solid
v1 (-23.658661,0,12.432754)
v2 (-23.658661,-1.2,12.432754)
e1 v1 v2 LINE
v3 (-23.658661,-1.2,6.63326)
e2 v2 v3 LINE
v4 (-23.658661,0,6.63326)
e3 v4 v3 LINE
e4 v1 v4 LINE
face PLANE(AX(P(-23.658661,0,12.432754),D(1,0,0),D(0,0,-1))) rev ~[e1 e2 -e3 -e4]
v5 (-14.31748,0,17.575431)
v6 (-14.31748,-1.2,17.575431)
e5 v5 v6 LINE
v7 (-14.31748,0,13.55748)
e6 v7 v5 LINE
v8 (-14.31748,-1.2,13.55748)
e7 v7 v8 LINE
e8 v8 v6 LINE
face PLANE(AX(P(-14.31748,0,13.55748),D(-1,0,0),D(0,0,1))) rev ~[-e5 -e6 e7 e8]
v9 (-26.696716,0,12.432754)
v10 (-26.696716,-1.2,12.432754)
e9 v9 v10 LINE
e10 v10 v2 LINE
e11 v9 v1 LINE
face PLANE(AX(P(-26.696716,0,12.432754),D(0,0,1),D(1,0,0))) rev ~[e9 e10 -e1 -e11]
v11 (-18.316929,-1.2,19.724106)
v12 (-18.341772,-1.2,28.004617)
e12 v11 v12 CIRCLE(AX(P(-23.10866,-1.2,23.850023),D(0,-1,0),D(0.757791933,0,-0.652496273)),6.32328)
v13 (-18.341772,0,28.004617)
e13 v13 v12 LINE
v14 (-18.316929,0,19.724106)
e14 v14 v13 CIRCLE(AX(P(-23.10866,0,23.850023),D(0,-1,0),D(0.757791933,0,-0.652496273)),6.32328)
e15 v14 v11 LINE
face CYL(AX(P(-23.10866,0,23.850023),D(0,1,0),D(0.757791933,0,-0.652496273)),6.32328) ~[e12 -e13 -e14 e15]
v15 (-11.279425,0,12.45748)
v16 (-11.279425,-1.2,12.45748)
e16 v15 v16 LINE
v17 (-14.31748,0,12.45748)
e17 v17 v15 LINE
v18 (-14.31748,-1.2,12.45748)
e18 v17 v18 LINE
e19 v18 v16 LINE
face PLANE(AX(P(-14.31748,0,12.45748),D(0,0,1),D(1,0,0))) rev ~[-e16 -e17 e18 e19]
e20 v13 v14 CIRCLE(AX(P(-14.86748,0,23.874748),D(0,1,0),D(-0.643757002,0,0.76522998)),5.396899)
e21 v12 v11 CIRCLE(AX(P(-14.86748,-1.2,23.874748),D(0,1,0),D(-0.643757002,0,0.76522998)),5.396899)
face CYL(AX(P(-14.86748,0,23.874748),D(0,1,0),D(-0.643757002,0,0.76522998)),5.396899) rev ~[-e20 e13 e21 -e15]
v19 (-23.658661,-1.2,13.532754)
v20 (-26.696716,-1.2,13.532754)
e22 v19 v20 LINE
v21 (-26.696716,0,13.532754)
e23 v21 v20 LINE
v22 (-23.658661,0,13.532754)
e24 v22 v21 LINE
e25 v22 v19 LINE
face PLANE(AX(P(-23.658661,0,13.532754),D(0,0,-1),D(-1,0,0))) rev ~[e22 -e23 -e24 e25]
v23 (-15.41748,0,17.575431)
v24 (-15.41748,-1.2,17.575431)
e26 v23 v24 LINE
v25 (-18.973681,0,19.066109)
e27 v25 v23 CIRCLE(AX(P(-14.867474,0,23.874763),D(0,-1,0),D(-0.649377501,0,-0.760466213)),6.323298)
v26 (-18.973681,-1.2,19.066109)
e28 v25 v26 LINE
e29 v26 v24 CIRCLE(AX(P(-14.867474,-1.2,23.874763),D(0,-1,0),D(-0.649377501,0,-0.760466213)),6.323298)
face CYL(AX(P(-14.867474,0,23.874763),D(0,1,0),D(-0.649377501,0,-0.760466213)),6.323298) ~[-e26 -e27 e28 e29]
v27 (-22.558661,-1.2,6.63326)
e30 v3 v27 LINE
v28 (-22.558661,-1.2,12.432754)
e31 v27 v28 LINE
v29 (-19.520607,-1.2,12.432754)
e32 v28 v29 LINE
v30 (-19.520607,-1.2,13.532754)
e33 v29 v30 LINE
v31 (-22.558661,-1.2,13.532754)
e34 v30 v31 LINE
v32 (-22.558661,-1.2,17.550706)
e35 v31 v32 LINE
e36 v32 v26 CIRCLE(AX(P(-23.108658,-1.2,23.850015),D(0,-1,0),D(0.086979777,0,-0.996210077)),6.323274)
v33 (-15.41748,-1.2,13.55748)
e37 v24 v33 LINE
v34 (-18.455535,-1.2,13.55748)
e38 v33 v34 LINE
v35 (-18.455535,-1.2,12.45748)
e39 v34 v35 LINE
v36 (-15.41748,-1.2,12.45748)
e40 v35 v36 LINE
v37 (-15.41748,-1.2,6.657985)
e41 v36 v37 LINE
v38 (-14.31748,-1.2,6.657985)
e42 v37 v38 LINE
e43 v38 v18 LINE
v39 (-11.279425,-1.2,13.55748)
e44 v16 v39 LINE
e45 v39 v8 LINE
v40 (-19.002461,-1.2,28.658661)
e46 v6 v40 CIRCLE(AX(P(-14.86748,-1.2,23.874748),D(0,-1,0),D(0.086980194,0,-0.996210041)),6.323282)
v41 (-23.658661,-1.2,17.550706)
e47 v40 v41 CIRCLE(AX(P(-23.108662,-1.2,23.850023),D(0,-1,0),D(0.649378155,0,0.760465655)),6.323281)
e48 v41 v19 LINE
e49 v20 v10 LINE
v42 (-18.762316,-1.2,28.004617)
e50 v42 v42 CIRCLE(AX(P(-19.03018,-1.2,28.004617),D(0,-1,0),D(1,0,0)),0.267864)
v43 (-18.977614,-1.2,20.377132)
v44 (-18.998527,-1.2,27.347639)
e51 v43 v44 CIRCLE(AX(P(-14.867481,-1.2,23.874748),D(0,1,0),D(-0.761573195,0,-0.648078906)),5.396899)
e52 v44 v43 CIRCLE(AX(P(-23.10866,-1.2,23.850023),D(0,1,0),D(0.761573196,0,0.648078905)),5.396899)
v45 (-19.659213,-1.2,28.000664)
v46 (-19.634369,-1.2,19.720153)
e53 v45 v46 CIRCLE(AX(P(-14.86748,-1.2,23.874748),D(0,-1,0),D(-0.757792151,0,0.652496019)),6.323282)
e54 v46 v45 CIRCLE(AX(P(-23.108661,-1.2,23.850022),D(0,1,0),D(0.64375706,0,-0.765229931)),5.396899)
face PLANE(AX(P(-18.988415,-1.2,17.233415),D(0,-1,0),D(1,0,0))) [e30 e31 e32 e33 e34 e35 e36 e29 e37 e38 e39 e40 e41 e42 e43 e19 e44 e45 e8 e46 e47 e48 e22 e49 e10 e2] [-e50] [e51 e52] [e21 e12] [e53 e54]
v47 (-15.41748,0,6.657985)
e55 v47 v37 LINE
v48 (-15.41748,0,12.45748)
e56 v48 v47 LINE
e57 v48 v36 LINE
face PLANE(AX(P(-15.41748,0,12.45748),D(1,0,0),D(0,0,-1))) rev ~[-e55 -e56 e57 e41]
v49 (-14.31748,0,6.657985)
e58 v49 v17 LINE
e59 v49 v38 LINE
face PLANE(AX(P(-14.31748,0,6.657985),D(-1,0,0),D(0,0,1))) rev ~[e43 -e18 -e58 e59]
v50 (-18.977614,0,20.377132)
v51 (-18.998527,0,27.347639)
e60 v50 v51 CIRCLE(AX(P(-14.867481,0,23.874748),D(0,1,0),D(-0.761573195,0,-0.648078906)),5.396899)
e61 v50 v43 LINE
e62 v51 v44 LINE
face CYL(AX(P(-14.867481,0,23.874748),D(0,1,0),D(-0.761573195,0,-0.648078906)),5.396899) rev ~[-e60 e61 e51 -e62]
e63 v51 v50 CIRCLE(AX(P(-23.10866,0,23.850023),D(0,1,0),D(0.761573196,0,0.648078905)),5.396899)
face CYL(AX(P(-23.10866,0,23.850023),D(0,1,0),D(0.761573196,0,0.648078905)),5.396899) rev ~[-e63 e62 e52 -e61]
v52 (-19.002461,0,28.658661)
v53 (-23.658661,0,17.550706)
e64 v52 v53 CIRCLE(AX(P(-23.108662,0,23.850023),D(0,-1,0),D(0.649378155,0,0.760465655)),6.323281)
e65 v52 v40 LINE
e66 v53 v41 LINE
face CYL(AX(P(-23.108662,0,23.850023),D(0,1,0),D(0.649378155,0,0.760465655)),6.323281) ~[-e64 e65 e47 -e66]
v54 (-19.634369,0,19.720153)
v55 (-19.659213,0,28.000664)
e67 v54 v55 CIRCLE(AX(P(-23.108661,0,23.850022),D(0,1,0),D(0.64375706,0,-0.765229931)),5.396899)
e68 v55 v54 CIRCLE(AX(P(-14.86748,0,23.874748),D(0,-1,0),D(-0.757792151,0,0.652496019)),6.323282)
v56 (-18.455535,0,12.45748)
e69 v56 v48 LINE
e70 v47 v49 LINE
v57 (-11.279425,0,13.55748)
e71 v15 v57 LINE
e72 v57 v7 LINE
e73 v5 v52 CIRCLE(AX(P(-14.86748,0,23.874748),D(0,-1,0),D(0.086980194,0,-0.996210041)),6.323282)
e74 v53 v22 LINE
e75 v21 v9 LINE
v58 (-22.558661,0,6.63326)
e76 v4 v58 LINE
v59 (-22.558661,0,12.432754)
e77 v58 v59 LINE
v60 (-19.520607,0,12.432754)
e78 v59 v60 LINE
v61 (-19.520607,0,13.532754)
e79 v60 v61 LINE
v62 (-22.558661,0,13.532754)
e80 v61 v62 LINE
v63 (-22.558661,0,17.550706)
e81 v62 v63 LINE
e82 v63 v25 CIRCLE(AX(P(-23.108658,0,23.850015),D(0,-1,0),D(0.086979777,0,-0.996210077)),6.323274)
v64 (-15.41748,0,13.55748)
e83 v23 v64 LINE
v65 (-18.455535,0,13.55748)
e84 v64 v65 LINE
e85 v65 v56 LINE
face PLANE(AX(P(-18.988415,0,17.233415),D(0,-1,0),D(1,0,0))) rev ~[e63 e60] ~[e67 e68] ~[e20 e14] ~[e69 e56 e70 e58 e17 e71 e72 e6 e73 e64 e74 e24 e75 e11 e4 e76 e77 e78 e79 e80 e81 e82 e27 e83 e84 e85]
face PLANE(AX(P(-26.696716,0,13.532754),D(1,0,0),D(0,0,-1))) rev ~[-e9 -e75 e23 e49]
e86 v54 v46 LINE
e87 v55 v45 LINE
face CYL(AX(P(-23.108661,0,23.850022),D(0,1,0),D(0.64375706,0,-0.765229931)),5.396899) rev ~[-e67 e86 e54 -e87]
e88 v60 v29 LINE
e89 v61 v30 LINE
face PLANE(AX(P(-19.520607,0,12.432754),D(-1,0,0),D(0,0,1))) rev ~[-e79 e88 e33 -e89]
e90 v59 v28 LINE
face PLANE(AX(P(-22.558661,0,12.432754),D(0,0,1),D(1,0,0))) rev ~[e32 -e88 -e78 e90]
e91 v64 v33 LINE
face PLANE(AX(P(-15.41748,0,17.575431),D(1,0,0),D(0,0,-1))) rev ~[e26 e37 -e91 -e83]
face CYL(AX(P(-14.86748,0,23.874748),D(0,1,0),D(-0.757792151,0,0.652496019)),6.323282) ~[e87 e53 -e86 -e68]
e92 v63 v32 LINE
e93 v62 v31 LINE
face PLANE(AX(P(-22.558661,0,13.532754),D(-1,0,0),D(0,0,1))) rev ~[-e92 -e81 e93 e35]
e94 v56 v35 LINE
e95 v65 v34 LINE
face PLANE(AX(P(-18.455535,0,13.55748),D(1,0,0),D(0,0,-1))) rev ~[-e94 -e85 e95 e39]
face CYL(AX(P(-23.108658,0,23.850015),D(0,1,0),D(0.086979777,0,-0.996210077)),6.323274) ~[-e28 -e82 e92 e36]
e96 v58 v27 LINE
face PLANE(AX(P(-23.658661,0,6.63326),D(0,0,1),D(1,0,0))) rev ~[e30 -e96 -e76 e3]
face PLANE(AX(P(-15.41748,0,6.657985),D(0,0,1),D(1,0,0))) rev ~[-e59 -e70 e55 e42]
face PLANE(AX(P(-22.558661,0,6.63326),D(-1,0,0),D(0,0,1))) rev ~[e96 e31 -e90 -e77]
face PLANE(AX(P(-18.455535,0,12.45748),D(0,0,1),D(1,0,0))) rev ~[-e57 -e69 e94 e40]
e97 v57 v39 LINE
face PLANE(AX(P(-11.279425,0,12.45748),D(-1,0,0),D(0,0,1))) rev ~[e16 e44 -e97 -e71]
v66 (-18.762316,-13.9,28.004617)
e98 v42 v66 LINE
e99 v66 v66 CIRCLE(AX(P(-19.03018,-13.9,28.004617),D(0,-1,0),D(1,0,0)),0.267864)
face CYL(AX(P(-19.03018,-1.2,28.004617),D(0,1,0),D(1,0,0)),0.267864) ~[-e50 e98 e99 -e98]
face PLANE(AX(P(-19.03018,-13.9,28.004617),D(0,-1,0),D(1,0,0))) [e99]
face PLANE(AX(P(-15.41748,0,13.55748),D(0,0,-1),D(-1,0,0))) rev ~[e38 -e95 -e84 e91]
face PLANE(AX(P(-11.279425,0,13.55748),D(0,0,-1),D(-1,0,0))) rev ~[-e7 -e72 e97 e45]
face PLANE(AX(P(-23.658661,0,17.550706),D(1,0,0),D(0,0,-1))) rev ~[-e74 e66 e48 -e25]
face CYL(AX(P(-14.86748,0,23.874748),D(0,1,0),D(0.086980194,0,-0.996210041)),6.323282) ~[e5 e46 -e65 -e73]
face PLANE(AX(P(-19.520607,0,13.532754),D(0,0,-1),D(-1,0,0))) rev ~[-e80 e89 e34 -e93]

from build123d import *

# Parameters (mm, degrees)
F1_DEPTH = 1.2
F2_R     = 0.267864
F3_DEPTH = 12.7


with BuildPart() as f1:
    # F0 (on Front) → F1 (new body)
    with BuildSketch(Plane.XZ):
        with BuildLine():
            Line((-22.558661, 13.532754), (-22.558661, 17.550706))
            ThreePointArc((-22.558661, 17.550706), (-20.646676, 18.025718), (-18.973681, 19.066109))
            ThreePointArc((-18.973681, 19.066109), (-17.31198, 18.043084), (-15.41748, 17.575431))
            Line((-15.41748, 17.575431), (-15.41748, 13.55748))
            Line((-15.41748, 13.55748), (-18.455535, 13.55748))
            Line((-18.455535, 13.55748), (-18.455535, 12.45748))
            Line((-18.455535, 12.45748), (-15.41748, 12.45748))
            Line((-15.41748, 12.45748), (-15.41748, 6.657985))
            Line((-15.41748, 6.657985), (-14.31748, 6.657985))
            Line((-14.31748, 6.657985), (-14.31748, 12.45748))
            Line((-14.31748, 12.45748), (-11.279425, 12.45748))
            Line((-11.279425, 12.45748), (-11.279425, 13.55748))
            Line((-11.279425, 13.55748), (-14.31748, 13.55748))
            Line((-14.31748, 13.55748), (-14.31748, 17.575431))
            ThreePointArc((-14.31748, 17.575431), (-9.043176, 26.336733), (-19.002461, 28.658661))
            ThreePointArc((-19.002461, 28.658661), (-28.940326, 26.294523), (-23.658661, 17.550706))
            Line((-23.658661, 17.550706), (-23.658661, 13.532754))
            Line((-23.658661, 13.532754), (-26.696716, 13.532754))
            Line((-26.696716, 13.532754), (-26.696716, 12.432754))
            Line((-26.696716, 12.432754), (-23.658661, 12.432754))
            Line((-23.658661, 12.432754), (-23.658661, 6.63326))
            Line((-23.658661, 6.63326), (-22.558661, 6.63326))
            Line((-22.558661, 6.63326), (-22.558661, 12.432754))
            Line((-22.558661, 12.432754), (-19.520607, 12.432754))
            Line((-19.520607, 12.432754), (-19.520607, 13.532754))
            Line((-19.520607, 13.532754), (-22.558661, 13.532754))
        make_face()
        with BuildLine():
            ThreePointArc((-19.634369, 19.720153), (-28.505536, 23.833831), (-19.659213, 28.000664))
            ThreePointArc((-19.659213, 28.000664), (-21.190733, 23.855777), (-19.634369, 19.720153))
        make_face(mode=Mode.SUBTRACT)
        with BuildLine():
            ThreePointArc((-18.977614, 20.377132), (-20.264355, 23.858556), (-18.998527, 27.347639))
            ThreePointArc((-18.998527, 27.347639), (-17.711786, 23.866214), (-18.977614, 20.377132))
        make_face(mode=Mode.SUBTRACT)
        with BuildLine():
            ThreePointArc((-18.341772, 28.004617), (-9.470605, 23.89094), (-18.316929, 19.724106))
            ThreePointArc((-18.316929, 19.724106), (-16.785408, 23.868994), (-18.341772, 28.004617))
        make_face(mode=Mode.SUBTRACT)
    extrude(amount=F1_DEPTH)

    # F2 (on face) → F3 (join)
    with BuildSketch(Plane.XZ.offset(1.2)):
        with Locations((-19.03018, 28.004617)):
            Circle(F2_R)
    extrude(amount=F3_DEPTH)


solid = f1.part
